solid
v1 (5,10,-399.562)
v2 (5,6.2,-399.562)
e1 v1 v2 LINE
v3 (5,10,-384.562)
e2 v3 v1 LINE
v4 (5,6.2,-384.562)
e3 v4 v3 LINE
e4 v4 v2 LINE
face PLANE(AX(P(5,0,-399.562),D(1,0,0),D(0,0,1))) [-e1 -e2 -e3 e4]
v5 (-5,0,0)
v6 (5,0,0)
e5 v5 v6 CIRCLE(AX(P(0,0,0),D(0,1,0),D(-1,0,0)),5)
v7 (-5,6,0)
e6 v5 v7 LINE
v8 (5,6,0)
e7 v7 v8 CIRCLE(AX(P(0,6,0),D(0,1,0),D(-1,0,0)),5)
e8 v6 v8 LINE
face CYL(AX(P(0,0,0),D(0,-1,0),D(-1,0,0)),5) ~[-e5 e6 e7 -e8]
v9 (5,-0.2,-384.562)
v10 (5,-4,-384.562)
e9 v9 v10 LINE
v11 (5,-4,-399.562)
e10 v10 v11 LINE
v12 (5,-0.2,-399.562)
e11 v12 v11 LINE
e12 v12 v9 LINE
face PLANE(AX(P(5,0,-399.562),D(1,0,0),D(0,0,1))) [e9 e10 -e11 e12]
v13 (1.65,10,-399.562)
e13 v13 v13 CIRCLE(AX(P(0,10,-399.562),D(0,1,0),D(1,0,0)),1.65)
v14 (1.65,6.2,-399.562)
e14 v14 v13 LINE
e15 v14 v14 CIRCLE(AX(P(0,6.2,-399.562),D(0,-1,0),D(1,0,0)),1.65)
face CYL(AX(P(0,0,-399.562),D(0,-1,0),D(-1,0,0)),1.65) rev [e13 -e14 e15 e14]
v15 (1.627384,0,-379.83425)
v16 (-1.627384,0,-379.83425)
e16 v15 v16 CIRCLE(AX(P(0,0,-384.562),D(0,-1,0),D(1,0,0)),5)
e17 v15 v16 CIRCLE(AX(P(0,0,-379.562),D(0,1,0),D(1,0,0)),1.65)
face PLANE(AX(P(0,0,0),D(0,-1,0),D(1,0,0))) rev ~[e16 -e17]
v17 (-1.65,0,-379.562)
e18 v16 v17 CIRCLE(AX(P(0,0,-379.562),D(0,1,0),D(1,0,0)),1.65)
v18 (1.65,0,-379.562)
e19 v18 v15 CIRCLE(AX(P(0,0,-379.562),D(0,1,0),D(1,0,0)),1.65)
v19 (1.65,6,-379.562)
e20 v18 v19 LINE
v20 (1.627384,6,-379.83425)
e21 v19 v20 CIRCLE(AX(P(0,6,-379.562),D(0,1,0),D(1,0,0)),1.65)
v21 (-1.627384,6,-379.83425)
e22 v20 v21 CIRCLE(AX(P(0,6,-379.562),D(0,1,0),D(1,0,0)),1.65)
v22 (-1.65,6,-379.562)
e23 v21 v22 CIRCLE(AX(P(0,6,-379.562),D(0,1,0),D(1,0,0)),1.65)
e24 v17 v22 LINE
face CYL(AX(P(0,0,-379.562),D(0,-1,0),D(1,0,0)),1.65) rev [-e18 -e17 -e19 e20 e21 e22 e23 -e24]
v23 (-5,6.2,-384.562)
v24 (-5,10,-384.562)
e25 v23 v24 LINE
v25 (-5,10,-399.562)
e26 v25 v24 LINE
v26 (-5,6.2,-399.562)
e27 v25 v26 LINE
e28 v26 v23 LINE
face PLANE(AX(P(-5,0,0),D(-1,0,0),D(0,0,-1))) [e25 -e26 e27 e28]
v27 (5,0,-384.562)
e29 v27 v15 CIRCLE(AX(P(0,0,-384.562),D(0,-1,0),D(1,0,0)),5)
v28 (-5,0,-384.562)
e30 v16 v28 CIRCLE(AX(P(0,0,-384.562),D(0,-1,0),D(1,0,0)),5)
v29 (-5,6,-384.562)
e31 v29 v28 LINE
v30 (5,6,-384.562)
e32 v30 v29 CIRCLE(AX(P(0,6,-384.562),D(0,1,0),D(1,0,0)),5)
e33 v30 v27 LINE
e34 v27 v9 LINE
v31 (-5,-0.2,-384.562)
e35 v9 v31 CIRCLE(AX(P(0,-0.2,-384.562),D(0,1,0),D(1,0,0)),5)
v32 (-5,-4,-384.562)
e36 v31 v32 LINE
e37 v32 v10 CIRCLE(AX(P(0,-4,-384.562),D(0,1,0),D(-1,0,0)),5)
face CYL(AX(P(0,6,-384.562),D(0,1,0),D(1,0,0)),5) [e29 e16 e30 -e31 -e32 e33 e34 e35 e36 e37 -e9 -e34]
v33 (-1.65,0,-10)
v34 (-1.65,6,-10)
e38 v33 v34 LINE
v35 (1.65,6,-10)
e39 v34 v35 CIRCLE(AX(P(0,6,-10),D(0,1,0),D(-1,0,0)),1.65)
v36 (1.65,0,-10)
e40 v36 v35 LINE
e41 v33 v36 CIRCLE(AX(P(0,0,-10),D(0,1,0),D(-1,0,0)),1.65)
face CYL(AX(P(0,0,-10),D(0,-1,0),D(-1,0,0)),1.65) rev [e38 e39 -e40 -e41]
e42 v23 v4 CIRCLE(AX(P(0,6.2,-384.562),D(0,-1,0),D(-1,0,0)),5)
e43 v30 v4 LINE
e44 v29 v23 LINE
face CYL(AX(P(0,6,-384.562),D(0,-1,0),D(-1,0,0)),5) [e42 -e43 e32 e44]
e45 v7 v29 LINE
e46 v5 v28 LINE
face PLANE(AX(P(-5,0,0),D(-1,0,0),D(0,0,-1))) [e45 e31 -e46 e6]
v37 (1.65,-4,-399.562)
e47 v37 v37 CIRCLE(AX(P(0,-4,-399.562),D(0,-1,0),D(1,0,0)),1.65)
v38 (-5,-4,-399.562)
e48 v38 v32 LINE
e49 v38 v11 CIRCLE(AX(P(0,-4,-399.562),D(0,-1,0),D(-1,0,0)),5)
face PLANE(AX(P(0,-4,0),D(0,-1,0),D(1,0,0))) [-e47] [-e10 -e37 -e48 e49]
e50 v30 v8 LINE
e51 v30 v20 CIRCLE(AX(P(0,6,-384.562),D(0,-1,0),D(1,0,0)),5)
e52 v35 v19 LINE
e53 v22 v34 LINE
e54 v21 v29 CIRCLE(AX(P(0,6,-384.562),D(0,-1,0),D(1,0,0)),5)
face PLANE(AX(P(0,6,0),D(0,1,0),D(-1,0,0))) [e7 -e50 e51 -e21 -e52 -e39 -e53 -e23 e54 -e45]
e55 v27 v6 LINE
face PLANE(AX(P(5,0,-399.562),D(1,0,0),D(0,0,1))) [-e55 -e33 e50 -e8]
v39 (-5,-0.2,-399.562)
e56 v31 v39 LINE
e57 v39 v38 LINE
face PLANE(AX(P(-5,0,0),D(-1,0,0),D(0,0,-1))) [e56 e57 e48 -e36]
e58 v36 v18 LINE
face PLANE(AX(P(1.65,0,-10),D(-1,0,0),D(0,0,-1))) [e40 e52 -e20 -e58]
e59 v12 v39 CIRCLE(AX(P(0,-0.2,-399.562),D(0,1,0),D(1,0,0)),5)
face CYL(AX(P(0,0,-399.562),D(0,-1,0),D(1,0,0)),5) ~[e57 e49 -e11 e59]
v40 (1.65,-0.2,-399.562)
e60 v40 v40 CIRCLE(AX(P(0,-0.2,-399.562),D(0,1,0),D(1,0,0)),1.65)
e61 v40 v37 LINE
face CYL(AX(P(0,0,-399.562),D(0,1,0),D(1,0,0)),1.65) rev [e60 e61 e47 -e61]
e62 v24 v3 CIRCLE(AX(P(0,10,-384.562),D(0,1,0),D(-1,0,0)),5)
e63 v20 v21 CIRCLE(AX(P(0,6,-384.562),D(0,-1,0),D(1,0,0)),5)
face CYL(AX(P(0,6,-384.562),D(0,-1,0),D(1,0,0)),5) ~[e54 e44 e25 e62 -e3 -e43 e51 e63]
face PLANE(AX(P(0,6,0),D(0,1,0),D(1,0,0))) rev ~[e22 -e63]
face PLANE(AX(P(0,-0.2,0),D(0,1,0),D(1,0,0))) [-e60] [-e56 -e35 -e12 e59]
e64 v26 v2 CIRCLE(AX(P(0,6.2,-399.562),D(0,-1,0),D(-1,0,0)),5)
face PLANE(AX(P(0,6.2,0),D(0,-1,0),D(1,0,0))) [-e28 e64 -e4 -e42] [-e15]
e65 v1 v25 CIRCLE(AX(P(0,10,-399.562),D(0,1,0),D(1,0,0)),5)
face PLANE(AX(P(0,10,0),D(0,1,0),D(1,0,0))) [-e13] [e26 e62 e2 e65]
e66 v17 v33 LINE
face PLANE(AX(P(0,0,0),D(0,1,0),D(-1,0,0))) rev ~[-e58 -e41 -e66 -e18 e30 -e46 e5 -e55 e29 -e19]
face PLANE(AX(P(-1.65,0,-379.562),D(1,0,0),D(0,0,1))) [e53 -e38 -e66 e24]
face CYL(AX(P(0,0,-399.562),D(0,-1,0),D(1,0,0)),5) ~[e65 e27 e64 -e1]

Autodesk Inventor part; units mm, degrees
ref_plane "XZ Plane" through (0, 0, 0) normal (0, 1, 0) x (-1, 0, 0)
ref_plane "XY Plane" through (0, 0, 0) normal (0, 0, 1) x (1, 0, 0)
sketch "Sketch1" plane through (0, 0, 0) normal (0, 1, 0) x (-1, 0, 0)
  line L0 (0, 0) -> (0, -399.562) construction
  line L1 (5, 0) -> (5, -399.562)
  line L2 (-5, -399.562) -> (-5, 0)
  arc A0 (5, 0) -> (-5, 0) centre (0, 0) ccw
  arc A1 (-5, -399.562) -> (5, -399.562) centre (0, -399.562) ccw
  circle A2 centre (0, -399.562) radius 1.65
  line L3 (0, -10) -> (0, -379.562) construction
  line L4 (-1.65, -10) -> (-1.65, -379.562)
  line L5 (1.65, -379.562) -> (1.65, -10)
  arc A3 (1.65, -10) -> (-1.65, -10) centre (0, -10) ccw
  arc A4 (-1.65, -379.562) -> (1.65, -379.562) centre (0, -379.562) ccw
  point P0 (0, -199.781)
  point P1 (0, -194.781)
  dimension "d1" = 3.3
  dimension "d2" = 10
  dimension "d3" = 399.562
  dimension "d16" = 3.3
  dimension "d17" = 20
  dimension "d18" = 10
extrude "Extrusion1" add sketch "Sketch1" along normal blind 6
sketch "Sketch2" plane through (0, 6, 0) normal (0, 1, 0) x (1, 0, 0)
  line L0 (-5, 399.562) -> (-5, 0) projected
  arc A0 (-5, 0) -> (5, 0) centre (0, 0) ccw projected
  line L1 (5, 0) -> (5, 399.562) projected
  arc A1 (5, 399.562) -> (-5, 399.562) centre (0, 399.562) ccw projected
  arc A2 (-1.65, 10) -> (1.65, 10) centre (0, 10) ccw projected
  line L2 (-1.65, 10) -> (-1.65, 379.562) projected
  arc A3 (1.65, 379.562) -> (-1.65, 379.562) centre (0, 379.562) ccw projected
  line L3 (1.65, 379.562) -> (1.65, 10) projected
  circle A4 centre (0, 399.562) radius 1.65 projected
  line L4 (-5, 399.562) -> (-5, 0) projected
  line L5 (5, 0) -> (5, 399.562) projected
  circle A5 centre (0, 384.562) radius 5
  point P0 (-5, 384.562)
  point P1 (5, 384.562)
  dimension "d20" = 15
  dimension "d21" = 10
extrude "Extrusion2" add sketch "Sketch2" along normal blind 4 contours A1 L1 A5 L0 | A5 A3 | A3 A5
sketch "Sketch3" plane through (0, 0, 0) normal (0, -1, 0) x (1, 0, 0)
  line L0 (-5, -399.562) -> (-5, 0) projected
  arc A0 (-5, -399.562) -> (5, -399.562) centre (0, -399.562) ccw projected
  line L1 (5, 0) -> (5, -399.562) projected
  arc A1 (5, 0) -> (-5, 0) centre (0, 0) ccw projected
  arc A2 (1.65, -10) -> (-1.65, -10) centre (0, -10) ccw projected
  line L2 (1.65, -379.562) -> (1.65, -10) projected
  arc A3 (-1.65, -379.562) -> (1.65, -379.562) centre (0, -379.562) ccw projected
  line L3 (-1.65, -10) -> (-1.65, -379.562) projected
  circle A4 centre (0, -399.562) radius 1.65 projected
  circle A5 centre (0, -384.562) radius 5
  point P0 (5, -384.562)
  point P1 (-5, -384.562)
  dimension "d24" = 10
  dimension "d25" = 15
extrude "Extrusion3" add sketch "Sketch3" along normal blind 4 contours L0 A5 L1 A0 | A5 A3 | A5 A3
extrude "Extrusion4" cut sketch "Sketch2" against normal blind 6 contours A1 L1 A5 L0
sketch "Sketch4" plane through (0, 0, 0) normal (0, 1, 0) x (1, 0, 0)
  line L0 (-5, 384.562) -> (-5, 399.562) projected
  arc A0 (5, 384.562) -> (-5, 384.562) centre (0, 384.562) ccw projected
  line L1 (5, 399.562) -> (5, 384.562) projected
  arc A1 (5, 399.562) -> (-5, 399.562) centre (0, 399.562) ccw projected
  circle A2 centre (0, 399.562) radius 1.65 projected
  point P0 (0, 0)
extrude "Extrusion5" cut sketch "Sketch4" against normal blind 0.2
sketch "Sketch5" plane through (0, 6, 0) normal (0, -1, 0) x (1, 0, 0)
  line L0 (-5, -399.562) -> (-5, -384.562) projected
  arc A0 (-5, -399.562) -> (5, -399.562) centre (0, -399.562) ccw projected
  line L1 (5, -384.562) -> (5, -399.562) projected
  arc A1 (-5, -384.562) -> (5, -384.562) centre (0, -384.562) ccw projected
  circle A2 centre (0, -399.562) radius 1.65 projected
  point P0 (0, 0)
extrude "Extrusion6" cut sketch "Sketch5" against normal blind 0.2
